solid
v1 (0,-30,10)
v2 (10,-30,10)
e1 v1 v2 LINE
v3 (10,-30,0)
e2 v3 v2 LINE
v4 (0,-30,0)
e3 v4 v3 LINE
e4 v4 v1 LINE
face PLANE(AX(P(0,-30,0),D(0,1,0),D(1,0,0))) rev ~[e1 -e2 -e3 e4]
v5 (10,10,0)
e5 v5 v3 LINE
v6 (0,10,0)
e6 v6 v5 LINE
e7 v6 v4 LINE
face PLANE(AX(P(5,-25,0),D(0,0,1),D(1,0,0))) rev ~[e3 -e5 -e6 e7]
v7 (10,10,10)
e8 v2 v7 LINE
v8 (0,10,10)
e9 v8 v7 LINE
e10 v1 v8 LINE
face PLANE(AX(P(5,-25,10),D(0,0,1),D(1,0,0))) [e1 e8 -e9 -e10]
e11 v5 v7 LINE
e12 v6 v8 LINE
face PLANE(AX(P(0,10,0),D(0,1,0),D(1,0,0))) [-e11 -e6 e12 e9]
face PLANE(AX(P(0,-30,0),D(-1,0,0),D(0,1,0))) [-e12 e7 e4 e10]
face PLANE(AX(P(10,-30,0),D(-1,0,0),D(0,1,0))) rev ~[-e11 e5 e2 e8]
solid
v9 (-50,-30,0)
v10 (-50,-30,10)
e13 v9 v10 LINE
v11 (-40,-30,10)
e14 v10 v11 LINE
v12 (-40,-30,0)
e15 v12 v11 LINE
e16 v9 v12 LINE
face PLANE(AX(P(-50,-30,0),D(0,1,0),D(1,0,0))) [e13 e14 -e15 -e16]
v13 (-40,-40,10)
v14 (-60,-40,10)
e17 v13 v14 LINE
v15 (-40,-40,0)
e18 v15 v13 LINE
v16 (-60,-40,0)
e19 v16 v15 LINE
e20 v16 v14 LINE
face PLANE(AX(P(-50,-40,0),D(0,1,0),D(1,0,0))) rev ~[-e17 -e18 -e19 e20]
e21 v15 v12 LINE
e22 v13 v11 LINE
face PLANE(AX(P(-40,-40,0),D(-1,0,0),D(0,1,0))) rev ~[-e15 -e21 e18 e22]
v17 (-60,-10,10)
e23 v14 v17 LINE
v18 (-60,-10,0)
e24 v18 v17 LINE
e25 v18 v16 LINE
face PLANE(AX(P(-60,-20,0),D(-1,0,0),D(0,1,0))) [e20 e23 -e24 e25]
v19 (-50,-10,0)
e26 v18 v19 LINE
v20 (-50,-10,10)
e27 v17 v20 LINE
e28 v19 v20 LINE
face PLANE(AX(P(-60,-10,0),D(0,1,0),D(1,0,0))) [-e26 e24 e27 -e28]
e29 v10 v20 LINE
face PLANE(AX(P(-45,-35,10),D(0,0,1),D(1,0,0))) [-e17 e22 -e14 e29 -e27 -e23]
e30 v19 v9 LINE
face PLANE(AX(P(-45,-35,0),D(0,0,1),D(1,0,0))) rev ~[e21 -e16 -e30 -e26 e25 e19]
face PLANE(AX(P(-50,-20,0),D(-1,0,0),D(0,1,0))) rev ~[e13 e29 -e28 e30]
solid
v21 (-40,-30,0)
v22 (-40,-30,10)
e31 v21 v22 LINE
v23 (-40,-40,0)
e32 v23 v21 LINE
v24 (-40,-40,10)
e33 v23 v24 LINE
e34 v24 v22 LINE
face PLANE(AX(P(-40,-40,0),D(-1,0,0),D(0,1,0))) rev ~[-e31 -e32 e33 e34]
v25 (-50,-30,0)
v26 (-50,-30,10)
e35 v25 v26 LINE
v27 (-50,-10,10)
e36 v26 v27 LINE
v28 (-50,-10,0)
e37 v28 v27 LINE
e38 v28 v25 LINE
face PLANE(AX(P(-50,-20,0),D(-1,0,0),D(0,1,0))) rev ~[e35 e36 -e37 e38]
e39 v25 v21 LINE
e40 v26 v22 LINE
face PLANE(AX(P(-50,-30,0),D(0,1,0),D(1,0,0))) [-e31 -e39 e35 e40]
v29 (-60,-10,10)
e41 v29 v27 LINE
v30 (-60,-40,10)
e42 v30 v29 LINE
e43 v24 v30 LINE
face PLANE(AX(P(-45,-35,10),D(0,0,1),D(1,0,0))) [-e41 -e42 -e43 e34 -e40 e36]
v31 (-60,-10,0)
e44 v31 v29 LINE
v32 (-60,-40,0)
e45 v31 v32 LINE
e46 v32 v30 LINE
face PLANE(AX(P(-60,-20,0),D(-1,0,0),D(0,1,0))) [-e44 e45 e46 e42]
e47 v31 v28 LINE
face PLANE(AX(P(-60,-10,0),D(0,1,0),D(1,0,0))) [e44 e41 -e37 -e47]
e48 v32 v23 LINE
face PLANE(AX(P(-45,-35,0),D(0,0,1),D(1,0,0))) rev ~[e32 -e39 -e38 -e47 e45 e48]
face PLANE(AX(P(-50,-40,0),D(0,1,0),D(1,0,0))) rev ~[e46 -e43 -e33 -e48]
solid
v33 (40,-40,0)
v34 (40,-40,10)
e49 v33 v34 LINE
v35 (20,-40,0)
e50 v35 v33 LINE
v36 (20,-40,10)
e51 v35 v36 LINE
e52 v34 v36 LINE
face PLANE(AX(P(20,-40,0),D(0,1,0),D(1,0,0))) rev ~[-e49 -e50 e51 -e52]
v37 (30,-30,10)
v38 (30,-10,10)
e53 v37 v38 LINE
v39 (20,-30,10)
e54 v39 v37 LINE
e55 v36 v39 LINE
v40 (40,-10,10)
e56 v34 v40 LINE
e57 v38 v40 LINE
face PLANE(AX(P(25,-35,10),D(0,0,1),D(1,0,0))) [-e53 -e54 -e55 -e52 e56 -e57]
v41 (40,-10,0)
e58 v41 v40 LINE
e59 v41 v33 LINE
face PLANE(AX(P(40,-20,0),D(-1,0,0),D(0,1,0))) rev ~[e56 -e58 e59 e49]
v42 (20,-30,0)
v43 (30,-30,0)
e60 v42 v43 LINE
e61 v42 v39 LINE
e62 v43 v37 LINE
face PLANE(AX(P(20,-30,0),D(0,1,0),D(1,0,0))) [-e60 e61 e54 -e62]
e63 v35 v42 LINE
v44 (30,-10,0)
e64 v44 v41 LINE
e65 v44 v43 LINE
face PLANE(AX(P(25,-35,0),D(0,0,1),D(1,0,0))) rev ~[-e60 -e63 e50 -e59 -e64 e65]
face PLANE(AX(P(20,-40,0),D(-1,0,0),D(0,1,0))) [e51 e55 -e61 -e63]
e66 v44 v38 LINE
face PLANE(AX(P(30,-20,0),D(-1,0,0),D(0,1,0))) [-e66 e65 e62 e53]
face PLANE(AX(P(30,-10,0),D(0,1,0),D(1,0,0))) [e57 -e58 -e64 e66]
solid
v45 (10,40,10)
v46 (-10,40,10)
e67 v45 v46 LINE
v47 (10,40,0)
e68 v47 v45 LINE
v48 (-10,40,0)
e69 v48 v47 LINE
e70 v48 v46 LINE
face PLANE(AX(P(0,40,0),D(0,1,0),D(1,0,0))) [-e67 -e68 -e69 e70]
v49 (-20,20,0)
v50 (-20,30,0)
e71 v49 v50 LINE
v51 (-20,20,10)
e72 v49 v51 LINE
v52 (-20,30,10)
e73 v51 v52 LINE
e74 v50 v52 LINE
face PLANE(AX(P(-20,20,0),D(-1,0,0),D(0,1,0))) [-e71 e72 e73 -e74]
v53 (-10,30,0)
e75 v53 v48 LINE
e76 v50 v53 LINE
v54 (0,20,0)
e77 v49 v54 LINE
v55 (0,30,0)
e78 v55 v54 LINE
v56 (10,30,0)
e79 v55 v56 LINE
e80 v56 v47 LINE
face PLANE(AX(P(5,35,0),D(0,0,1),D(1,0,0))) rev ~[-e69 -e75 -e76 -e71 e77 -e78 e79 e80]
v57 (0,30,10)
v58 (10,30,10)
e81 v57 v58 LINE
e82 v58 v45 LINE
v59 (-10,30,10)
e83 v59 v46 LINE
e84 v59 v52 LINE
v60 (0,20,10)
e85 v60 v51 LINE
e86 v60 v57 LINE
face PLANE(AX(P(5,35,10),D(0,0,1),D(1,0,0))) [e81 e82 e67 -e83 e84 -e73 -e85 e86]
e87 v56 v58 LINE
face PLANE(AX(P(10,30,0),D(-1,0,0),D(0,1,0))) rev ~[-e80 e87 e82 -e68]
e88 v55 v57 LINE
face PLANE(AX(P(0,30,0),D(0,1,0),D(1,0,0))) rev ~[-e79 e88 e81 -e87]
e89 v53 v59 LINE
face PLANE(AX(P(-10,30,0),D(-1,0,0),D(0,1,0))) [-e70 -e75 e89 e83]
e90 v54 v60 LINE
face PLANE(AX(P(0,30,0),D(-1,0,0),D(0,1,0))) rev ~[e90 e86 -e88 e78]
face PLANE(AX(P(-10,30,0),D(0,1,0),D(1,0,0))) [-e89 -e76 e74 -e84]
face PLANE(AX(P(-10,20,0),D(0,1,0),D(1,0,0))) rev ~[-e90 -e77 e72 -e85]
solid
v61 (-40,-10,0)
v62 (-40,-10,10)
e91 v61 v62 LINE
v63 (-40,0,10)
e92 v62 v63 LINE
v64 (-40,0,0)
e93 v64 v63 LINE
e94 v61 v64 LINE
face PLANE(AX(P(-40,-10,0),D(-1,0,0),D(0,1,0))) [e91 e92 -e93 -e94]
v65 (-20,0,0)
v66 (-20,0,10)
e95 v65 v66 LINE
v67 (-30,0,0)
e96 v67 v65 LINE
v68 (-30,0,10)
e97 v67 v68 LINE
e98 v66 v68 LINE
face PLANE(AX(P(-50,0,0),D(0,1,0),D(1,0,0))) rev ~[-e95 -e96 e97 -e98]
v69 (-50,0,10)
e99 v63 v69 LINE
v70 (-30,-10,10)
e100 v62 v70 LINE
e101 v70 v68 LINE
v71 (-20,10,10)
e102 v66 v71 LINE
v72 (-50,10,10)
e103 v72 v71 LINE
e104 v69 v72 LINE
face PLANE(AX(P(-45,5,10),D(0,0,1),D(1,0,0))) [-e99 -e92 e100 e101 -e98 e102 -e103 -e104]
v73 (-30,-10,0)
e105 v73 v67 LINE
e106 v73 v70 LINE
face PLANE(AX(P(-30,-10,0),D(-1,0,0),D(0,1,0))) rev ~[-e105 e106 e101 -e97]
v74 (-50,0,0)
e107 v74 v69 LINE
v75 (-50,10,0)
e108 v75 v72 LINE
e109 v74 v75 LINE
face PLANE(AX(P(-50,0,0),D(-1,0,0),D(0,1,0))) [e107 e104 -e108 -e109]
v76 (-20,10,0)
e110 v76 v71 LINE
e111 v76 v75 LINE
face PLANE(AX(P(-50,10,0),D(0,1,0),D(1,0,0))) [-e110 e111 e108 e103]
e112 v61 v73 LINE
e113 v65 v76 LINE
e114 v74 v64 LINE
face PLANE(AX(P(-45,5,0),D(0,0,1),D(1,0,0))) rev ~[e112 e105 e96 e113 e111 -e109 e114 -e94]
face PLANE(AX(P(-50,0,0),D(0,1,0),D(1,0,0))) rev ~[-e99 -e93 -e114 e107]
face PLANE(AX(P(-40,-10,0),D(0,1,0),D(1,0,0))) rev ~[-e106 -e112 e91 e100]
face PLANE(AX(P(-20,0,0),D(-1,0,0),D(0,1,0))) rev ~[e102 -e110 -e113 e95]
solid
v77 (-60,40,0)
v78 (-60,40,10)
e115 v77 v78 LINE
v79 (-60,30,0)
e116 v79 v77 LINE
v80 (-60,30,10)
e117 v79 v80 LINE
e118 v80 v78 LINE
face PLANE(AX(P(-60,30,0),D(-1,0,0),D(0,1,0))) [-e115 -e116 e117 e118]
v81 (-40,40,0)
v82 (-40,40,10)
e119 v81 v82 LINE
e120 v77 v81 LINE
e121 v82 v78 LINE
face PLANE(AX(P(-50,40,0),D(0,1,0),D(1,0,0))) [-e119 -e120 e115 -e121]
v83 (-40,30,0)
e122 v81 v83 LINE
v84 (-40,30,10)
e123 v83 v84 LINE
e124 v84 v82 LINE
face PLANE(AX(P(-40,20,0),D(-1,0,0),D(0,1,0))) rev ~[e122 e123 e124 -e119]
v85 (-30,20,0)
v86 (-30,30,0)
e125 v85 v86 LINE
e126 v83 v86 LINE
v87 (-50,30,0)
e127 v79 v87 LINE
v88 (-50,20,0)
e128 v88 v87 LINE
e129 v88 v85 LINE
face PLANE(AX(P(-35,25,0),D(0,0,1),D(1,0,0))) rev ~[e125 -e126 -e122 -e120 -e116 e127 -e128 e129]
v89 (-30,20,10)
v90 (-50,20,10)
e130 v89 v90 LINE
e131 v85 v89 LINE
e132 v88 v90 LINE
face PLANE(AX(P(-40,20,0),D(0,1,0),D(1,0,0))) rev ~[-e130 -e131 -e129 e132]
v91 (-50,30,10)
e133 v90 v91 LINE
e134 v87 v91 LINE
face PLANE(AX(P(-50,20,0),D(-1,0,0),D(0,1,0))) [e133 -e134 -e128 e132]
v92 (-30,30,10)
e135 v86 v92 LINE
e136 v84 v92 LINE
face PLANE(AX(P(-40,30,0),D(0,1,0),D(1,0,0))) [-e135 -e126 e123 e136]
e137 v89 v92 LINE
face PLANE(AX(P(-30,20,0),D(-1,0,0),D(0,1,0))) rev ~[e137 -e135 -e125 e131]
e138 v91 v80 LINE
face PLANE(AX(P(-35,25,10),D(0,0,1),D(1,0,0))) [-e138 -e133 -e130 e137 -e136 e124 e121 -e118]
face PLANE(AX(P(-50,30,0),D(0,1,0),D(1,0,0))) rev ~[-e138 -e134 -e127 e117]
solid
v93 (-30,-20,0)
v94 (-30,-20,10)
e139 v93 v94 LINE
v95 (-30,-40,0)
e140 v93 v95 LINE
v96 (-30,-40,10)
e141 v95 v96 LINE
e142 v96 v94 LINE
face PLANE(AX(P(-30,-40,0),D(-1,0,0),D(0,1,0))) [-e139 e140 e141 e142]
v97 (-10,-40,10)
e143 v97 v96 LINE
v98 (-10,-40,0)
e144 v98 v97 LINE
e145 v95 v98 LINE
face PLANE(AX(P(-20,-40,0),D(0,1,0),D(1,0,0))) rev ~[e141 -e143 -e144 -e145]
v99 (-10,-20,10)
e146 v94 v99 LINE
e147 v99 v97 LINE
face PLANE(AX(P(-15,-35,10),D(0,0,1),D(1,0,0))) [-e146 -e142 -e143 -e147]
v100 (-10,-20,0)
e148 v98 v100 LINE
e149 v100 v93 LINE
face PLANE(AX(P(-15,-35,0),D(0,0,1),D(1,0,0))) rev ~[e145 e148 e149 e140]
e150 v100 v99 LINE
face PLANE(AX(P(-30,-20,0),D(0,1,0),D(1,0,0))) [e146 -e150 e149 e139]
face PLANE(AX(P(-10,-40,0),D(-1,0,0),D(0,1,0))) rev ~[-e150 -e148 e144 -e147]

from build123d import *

# Parameters (mm, degrees)
BOX001_W     = 10
BOX001_H     = 10
BOX001_DEPTH = 10
BOX002_W     = 10
BOX002_H     = 10
BOX002_DEPTH = 10
BOX003_W     = 10
BOX003_H     = 10
BOX003_DEPTH = 10
BOX_W        = 10
BOX_H        = 10
BOX_DEPTH    = 10
BOX005_W     = 10
BOX005_H     = 10
BOX005_DEPTH = 10
BOX006_W     = 10
BOX006_H     = 10
BOX006_DEPTH = 10
BOX007_W     = 10
BOX007_H     = 10
BOX007_DEPTH = 10
BOX004_W     = 10
BOX004_H     = 10
BOX004_DEPTH = 10
BOX009_W     = 10
BOX009_H     = 10
BOX009_DEPTH = 10
BOX010_W     = 10
BOX010_H     = 10
BOX010_DEPTH = 10
BOX011_W     = 10
BOX011_H     = 10
BOX011_DEPTH = 10
BOX008_W     = 10
BOX008_H     = 10
BOX008_DEPTH = 10
BOX013_W     = 10
BOX013_H     = 10
BOX013_DEPTH = 10
BOX014_W     = 10
BOX014_H     = 10
BOX014_DEPTH = 10
BOX015_W     = 10
BOX015_H     = 10
BOX015_DEPTH = 10
BOX012_W     = 10
BOX012_H     = 10
BOX012_DEPTH = 10
BOX017_W     = 10
BOX017_H     = 10
BOX017_DEPTH = 10
BOX018_W     = 10
BOX018_H     = 10
BOX018_DEPTH = 10
BOX019_W     = 10
BOX019_H     = 10
BOX019_DEPTH = 10
BOX016_W     = 10
BOX016_H     = 10
BOX016_DEPTH = 10
BOX021_W     = 10
BOX021_H     = 10
BOX021_DEPTH = 10
BOX022_W     = 10
BOX022_H     = 10
BOX022_DEPTH = 10
BOX023_W     = 10
BOX023_H     = 10
BOX023_DEPTH = 10
BOX020_W     = 10
BOX020_H     = 10
BOX020_DEPTH = 10
BOX025_W     = 10
BOX025_H     = 10
BOX025_DEPTH = 10
BOX026_W     = 10
BOX026_H     = 10
BOX026_DEPTH = 10
BOX027_W     = 10
BOX027_H     = 10
BOX027_DEPTH = 10
BOX024_W     = 10
BOX024_H     = 10
BOX024_DEPTH = 10
BOX029_W     = 10
BOX029_H     = 10
BOX029_DEPTH = 10
BOX030_W     = 10
BOX030_H     = 10
BOX030_DEPTH = 10
BOX031_W     = 10
BOX031_H     = 10
BOX031_DEPTH = 10
BOX028_W     = 10
BOX028_H     = 10
BOX028_DEPTH = 10


with BuildPart() as cube001:
    # Box001 → Box001 (new body)
    with BuildSketch(Plane(origin=(0, -10, 0), x_dir=(1, 0, 0), z_dir=(0, 0, 1))):
        with Locations((5, 5)):
            Rectangle(BOX001_W, BOX001_H)
    extrude(amount=BOX001_DEPTH)


with BuildPart() as cube002:
    # Box002 → Box002 (new body)
    with BuildSketch(Plane(origin=(0, -20, 0), x_dir=(1, 0, 0), z_dir=(0, 0, 1))):
        with Locations((5, 5)):
            Rectangle(BOX002_W, BOX002_H)
    extrude(amount=BOX002_DEPTH)


with BuildPart() as cube003:
    # Box003 → Box003 (new body)
    with BuildSketch(Plane(origin=(0, -30, 0), x_dir=(1, 0, 0), z_dir=(0, 0, 1))):
        with Locations((5, 5)):
            Rectangle(BOX003_W, BOX003_H)
    extrude(amount=BOX003_DEPTH)


with BuildPart() as fusion:
    # Box → Box (new body)
    with BuildSketch(Plane.XY):
        with Locations((5, 5)):
            Rectangle(BOX_W, BOX_H)
    extrude(amount=BOX_DEPTH)

    # Fusion: union Cube001, Cube002, Cube003
    add(cube001.part)
    add(cube002.part)
    add(cube003.part)


with BuildPart() as cube005:
    # Box005 → Box005 (new body)
    with BuildSketch(Plane(origin=(-40, 0, 0), x_dir=(1, 0, 0), z_dir=(0, 0, 1))):
        with Locations((5, 5)):
            Rectangle(BOX005_W, BOX005_H)
    extrude(amount=BOX005_DEPTH)


with BuildPart() as cube006:
    # Box006 → Box006 (new body)
    with BuildSketch(Plane(origin=(-50, 0, 0), x_dir=(1, 0, 0), z_dir=(0, 0, 1))):
        with Locations((5, 5)):
            Rectangle(BOX006_W, BOX006_H)
    extrude(amount=BOX006_DEPTH)


with BuildPart() as cube007:
    # Box007 → Box007 (new body)
    with BuildSketch(Plane(origin=(-40, -10, 0), x_dir=(1, 0, 0), z_dir=(0, 0, 1))):
        with Locations((5, 5)):
            Rectangle(BOX007_W, BOX007_H)
    extrude(amount=BOX007_DEPTH)


with BuildPart() as fusion001:
    # Box004 → Box004 (new body)
    with BuildSketch(Plane(origin=(-30, 0, 0), x_dir=(1, 0, 0), z_dir=(0, 0, 1))):
        with Locations((5, 5)):
            Rectangle(BOX004_W, BOX004_H)
    extrude(amount=BOX004_DEPTH)

    # Fusion001: union Cube005, Cube006, Cube007
    add(cube005.part)
    add(cube006.part)
    add(cube007.part)


with BuildPart() as cube009:
    # Box009 → Box009 (new body)
    with BuildSketch(Plane(origin=(-30, -30, 0), x_dir=(1, 0, 0), z_dir=(0, 0, 1))):
        with Locations((5, 5)):
            Rectangle(BOX009_W, BOX009_H)
    extrude(amount=BOX009_DEPTH)


with BuildPart() as cube010:
    # Box010 → Box010 (new body)
    with BuildSketch(Plane(origin=(-30, -40, 0), x_dir=(1, 0, 0), z_dir=(0, 0, 1))):
        with Locations((5, 5)):
            Rectangle(BOX010_W, BOX010_H)
    extrude(amount=BOX010_DEPTH)


with BuildPart() as cube011:
    # Box011 → Box011 (new body)
    with BuildSketch(Plane(origin=(-20, -40, 0), x_dir=(1, 0, 0), z_dir=(0, 0, 1))):
        with Locations((5, 5)):
            Rectangle(BOX011_W, BOX011_H)
    extrude(amount=BOX011_DEPTH)


with BuildPart() as fusion002:
    # Box008 → Box008 (new body)
    with BuildSketch(Plane(origin=(-20, -30, 0), x_dir=(1, 0, 0), z_dir=(0, 0, 1))):
        with Locations((5, 5)):
            Rectangle(BOX008_W, BOX008_H)
    extrude(amount=BOX008_DEPTH)

    # Fusion002: union Cube009, Cube010, Cube011
    add(cube009.part)
    add(cube010.part)
    add(cube011.part)


with BuildPart() as cube013:
    # Box013 → Box013 (new body)
    with BuildSketch(Plane(origin=(-60, -30, 0), x_dir=(1, 0, 0), z_dir=(0, 0, 1))):
        with Locations((5, 5)):
            Rectangle(BOX013_W, BOX013_H)
    extrude(amount=BOX013_DEPTH)


with BuildPart() as cube014:
    # Box014 → Box014 (new body)
    with BuildSketch(Plane(origin=(-60, -20, 0), x_dir=(1, 0, 0), z_dir=(0, 0, 1))):
        with Locations((5, 5)):
            Rectangle(BOX014_W, BOX014_H)
    extrude(amount=BOX014_DEPTH)


with BuildPart() as cube015:
    # Box015 → Box015 (new body)
    with BuildSketch(Plane(origin=(-50, -40, 0), x_dir=(1, 0, 0), z_dir=(0, 0, 1))):
        with Locations((5, 5)):
            Rectangle(BOX015_W, BOX015_H)
    extrude(amount=BOX015_DEPTH)


with BuildPart() as fusion003:
    # Box012 → Box012 (new body)
    with BuildSketch(Plane(origin=(-60, -40, 0), x_dir=(1, 0, 0), z_dir=(0, 0, 1))):
        with Locations((5, 5)):
            Rectangle(BOX012_W, BOX012_H)
    extrude(amount=BOX012_DEPTH)

    # Fusion003: union Cube013, Cube014, Cube015
    add(cube013.part)
    add(cube014.part)
    add(cube015.part)


with BuildPart() as cube017:
    # Box017 → Box017 (new body)
    with BuildSketch(Plane(origin=(-60, -30, 0), x_dir=(1, 0, 0), z_dir=(0, 0, 1))):
        with Locations((5, 5)):
            Rectangle(BOX017_W, BOX017_H)
    extrude(amount=BOX017_DEPTH)


with BuildPart() as cube018:
    # Box018 → Box018 (new body)
    with BuildSketch(Plane(origin=(-60, -20, 0), x_dir=(1, 0, 0), z_dir=(0, 0, 1))):
        with Locations((5, 5)):
            Rectangle(BOX018_W, BOX018_H)
    extrude(amount=BOX018_DEPTH)


with BuildPart() as cube019:
    # Box019 → Box019 (new body)
    with BuildSketch(Plane(origin=(-50, -40, 0), x_dir=(1, 0, 0), z_dir=(0, 0, 1))):
        with Locations((5, 5)):
            Rectangle(BOX019_W, BOX019_H)
    extrude(amount=BOX019_DEPTH)


with BuildPart() as fusion004:
    # Box016 → Box016 (new body)
    with BuildSketch(Plane(origin=(-60, -40, 0), x_dir=(1, 0, 0), z_dir=(0, 0, 1))):
        with Locations((5, 5)):
            Rectangle(BOX016_W, BOX016_H)
    extrude(amount=BOX016_DEPTH)

    # Fusion004: union Cube017, Cube018, Cube019
    add(cube017.part)
    add(cube018.part)
    add(cube019.part)


with BuildPart() as cube021:
    # Box021 → Box021 (new body)
    with BuildSketch(Plane(origin=(30, -30, 0), x_dir=(1, 0, 0), z_dir=(0, 0, 1))):
        with Locations((5, 5)):
            Rectangle(BOX021_W, BOX021_H)
    extrude(amount=BOX021_DEPTH)


with BuildPart() as cube022:
    # Box022 → Box022 (new body)
    with BuildSketch(Plane(origin=(30, -20, 0), x_dir=(1, 0, 0), z_dir=(0, 0, 1))):
        with Locations((5, 5)):
            Rectangle(BOX022_W, BOX022_H)
    extrude(amount=BOX022_DEPTH)


with BuildPart() as cube023:
    # Box023 → Box023 (new body)
    with BuildSketch(Plane(origin=(20, -40, 0), x_dir=(1, 0, 0), z_dir=(0, 0, 1))):
        with Locations((5, 5)):
            Rectangle(BOX023_W, BOX023_H)
    extrude(amount=BOX023_DEPTH)


with BuildPart() as fusion005:
    # Box020 → Box020 (new body)
    with BuildSketch(Plane(origin=(30, -40, 0), x_dir=(1, 0, 0), z_dir=(0, 0, 1))):
        with Locations((5, 5)):
            Rectangle(BOX020_W, BOX020_H)
    extrude(amount=BOX020_DEPTH)

    # Fusion005: union Cube021, Cube022, Cube023
    add(cube021.part)
    add(cube022.part)
    add(cube023.part)


with BuildPart() as cube025:
    # Box025 → Box025 (new body)
    with BuildSketch(Plane(origin=(-10, 20, 0), x_dir=(1, 0, 0), z_dir=(0, 0, 1))):
        with Locations((5, 5)):
            Rectangle(BOX025_W, BOX025_H)
    extrude(amount=BOX025_DEPTH)


with BuildPart() as cube026:
    # Box026 → Box026 (new body)
    with BuildSketch(Plane(origin=(-10, 30, 0), x_dir=(1, 0, 0), z_dir=(0, 0, 1))):
        with Locations((5, 5)):
            Rectangle(BOX026_W, BOX026_H)
    extrude(amount=BOX026_DEPTH)


with BuildPart() as cube027:
    # Box027 → Box027 (new body)
    with BuildSketch(Plane(origin=(0, 30, 0), x_dir=(1, 0, 0), z_dir=(0, 0, 1))):
        with Locations((5, 5)):
            Rectangle(BOX027_W, BOX027_H)
    extrude(amount=BOX027_DEPTH)


with BuildPart() as fusion006:
    # Box024 → Box024 (new body)
    with BuildSketch(Plane(origin=(-20, 20, 0), x_dir=(1, 0, 0), z_dir=(0, 0, 1))):
        with Locations((5, 5)):
            Rectangle(BOX024_W, BOX024_H)
    extrude(amount=BOX024_DEPTH)

    # Fusion006: union Cube025, Cube026, Cube027
    add(cube025.part)
    add(cube026.part)
    add(cube027.part)


with BuildPart() as cube029:
    # Box029 → Box029 (new body)
    with BuildSketch(Plane(origin=(-50, 30, 0), x_dir=(1, 0, 0), z_dir=(0, 0, 1))):
        with Locations((5, 5)):
            Rectangle(BOX029_W, BOX029_H)
    extrude(amount=BOX029_DEPTH)


with BuildPart() as cube030:
    # Box030 → Box030 (new body)
    with BuildSketch(Plane(origin=(-50, 20, 0), x_dir=(1, 0, 0), z_dir=(0, 0, 1))):
        with Locations((5, 5)):
            Rectangle(BOX030_W, BOX030_H)
    extrude(amount=BOX030_DEPTH)


with BuildPart() as cube031:
    # Box031 → Box031 (new body)
    with BuildSketch(Plane(origin=(-40, 20, 0), x_dir=(1, 0, 0), z_dir=(0, 0, 1))):
        with Locations((5, 5)):
            Rectangle(BOX031_W, BOX031_H)
    extrude(amount=BOX031_DEPTH)


with BuildPart() as fusion007:
    # Box028 → Box028 (new body)
    with BuildSketch(Plane(origin=(-60, 30, 0), x_dir=(1, 0, 0), z_dir=(0, 0, 1))):
        with Locations((5, 5)):
            Rectangle(BOX028_W, BOX028_H)
    extrude(amount=BOX028_DEPTH)

    # Fusion007: union Cube029, Cube030, Cube031
    add(cube029.part)
    add(cube030.part)
    add(cube031.part)


solid = Compound([fusion.part, fusion001.part, fusion002.part, fusion003.part, fusion004.part, fusion005.part, fusion006.part, fusion007.part])
